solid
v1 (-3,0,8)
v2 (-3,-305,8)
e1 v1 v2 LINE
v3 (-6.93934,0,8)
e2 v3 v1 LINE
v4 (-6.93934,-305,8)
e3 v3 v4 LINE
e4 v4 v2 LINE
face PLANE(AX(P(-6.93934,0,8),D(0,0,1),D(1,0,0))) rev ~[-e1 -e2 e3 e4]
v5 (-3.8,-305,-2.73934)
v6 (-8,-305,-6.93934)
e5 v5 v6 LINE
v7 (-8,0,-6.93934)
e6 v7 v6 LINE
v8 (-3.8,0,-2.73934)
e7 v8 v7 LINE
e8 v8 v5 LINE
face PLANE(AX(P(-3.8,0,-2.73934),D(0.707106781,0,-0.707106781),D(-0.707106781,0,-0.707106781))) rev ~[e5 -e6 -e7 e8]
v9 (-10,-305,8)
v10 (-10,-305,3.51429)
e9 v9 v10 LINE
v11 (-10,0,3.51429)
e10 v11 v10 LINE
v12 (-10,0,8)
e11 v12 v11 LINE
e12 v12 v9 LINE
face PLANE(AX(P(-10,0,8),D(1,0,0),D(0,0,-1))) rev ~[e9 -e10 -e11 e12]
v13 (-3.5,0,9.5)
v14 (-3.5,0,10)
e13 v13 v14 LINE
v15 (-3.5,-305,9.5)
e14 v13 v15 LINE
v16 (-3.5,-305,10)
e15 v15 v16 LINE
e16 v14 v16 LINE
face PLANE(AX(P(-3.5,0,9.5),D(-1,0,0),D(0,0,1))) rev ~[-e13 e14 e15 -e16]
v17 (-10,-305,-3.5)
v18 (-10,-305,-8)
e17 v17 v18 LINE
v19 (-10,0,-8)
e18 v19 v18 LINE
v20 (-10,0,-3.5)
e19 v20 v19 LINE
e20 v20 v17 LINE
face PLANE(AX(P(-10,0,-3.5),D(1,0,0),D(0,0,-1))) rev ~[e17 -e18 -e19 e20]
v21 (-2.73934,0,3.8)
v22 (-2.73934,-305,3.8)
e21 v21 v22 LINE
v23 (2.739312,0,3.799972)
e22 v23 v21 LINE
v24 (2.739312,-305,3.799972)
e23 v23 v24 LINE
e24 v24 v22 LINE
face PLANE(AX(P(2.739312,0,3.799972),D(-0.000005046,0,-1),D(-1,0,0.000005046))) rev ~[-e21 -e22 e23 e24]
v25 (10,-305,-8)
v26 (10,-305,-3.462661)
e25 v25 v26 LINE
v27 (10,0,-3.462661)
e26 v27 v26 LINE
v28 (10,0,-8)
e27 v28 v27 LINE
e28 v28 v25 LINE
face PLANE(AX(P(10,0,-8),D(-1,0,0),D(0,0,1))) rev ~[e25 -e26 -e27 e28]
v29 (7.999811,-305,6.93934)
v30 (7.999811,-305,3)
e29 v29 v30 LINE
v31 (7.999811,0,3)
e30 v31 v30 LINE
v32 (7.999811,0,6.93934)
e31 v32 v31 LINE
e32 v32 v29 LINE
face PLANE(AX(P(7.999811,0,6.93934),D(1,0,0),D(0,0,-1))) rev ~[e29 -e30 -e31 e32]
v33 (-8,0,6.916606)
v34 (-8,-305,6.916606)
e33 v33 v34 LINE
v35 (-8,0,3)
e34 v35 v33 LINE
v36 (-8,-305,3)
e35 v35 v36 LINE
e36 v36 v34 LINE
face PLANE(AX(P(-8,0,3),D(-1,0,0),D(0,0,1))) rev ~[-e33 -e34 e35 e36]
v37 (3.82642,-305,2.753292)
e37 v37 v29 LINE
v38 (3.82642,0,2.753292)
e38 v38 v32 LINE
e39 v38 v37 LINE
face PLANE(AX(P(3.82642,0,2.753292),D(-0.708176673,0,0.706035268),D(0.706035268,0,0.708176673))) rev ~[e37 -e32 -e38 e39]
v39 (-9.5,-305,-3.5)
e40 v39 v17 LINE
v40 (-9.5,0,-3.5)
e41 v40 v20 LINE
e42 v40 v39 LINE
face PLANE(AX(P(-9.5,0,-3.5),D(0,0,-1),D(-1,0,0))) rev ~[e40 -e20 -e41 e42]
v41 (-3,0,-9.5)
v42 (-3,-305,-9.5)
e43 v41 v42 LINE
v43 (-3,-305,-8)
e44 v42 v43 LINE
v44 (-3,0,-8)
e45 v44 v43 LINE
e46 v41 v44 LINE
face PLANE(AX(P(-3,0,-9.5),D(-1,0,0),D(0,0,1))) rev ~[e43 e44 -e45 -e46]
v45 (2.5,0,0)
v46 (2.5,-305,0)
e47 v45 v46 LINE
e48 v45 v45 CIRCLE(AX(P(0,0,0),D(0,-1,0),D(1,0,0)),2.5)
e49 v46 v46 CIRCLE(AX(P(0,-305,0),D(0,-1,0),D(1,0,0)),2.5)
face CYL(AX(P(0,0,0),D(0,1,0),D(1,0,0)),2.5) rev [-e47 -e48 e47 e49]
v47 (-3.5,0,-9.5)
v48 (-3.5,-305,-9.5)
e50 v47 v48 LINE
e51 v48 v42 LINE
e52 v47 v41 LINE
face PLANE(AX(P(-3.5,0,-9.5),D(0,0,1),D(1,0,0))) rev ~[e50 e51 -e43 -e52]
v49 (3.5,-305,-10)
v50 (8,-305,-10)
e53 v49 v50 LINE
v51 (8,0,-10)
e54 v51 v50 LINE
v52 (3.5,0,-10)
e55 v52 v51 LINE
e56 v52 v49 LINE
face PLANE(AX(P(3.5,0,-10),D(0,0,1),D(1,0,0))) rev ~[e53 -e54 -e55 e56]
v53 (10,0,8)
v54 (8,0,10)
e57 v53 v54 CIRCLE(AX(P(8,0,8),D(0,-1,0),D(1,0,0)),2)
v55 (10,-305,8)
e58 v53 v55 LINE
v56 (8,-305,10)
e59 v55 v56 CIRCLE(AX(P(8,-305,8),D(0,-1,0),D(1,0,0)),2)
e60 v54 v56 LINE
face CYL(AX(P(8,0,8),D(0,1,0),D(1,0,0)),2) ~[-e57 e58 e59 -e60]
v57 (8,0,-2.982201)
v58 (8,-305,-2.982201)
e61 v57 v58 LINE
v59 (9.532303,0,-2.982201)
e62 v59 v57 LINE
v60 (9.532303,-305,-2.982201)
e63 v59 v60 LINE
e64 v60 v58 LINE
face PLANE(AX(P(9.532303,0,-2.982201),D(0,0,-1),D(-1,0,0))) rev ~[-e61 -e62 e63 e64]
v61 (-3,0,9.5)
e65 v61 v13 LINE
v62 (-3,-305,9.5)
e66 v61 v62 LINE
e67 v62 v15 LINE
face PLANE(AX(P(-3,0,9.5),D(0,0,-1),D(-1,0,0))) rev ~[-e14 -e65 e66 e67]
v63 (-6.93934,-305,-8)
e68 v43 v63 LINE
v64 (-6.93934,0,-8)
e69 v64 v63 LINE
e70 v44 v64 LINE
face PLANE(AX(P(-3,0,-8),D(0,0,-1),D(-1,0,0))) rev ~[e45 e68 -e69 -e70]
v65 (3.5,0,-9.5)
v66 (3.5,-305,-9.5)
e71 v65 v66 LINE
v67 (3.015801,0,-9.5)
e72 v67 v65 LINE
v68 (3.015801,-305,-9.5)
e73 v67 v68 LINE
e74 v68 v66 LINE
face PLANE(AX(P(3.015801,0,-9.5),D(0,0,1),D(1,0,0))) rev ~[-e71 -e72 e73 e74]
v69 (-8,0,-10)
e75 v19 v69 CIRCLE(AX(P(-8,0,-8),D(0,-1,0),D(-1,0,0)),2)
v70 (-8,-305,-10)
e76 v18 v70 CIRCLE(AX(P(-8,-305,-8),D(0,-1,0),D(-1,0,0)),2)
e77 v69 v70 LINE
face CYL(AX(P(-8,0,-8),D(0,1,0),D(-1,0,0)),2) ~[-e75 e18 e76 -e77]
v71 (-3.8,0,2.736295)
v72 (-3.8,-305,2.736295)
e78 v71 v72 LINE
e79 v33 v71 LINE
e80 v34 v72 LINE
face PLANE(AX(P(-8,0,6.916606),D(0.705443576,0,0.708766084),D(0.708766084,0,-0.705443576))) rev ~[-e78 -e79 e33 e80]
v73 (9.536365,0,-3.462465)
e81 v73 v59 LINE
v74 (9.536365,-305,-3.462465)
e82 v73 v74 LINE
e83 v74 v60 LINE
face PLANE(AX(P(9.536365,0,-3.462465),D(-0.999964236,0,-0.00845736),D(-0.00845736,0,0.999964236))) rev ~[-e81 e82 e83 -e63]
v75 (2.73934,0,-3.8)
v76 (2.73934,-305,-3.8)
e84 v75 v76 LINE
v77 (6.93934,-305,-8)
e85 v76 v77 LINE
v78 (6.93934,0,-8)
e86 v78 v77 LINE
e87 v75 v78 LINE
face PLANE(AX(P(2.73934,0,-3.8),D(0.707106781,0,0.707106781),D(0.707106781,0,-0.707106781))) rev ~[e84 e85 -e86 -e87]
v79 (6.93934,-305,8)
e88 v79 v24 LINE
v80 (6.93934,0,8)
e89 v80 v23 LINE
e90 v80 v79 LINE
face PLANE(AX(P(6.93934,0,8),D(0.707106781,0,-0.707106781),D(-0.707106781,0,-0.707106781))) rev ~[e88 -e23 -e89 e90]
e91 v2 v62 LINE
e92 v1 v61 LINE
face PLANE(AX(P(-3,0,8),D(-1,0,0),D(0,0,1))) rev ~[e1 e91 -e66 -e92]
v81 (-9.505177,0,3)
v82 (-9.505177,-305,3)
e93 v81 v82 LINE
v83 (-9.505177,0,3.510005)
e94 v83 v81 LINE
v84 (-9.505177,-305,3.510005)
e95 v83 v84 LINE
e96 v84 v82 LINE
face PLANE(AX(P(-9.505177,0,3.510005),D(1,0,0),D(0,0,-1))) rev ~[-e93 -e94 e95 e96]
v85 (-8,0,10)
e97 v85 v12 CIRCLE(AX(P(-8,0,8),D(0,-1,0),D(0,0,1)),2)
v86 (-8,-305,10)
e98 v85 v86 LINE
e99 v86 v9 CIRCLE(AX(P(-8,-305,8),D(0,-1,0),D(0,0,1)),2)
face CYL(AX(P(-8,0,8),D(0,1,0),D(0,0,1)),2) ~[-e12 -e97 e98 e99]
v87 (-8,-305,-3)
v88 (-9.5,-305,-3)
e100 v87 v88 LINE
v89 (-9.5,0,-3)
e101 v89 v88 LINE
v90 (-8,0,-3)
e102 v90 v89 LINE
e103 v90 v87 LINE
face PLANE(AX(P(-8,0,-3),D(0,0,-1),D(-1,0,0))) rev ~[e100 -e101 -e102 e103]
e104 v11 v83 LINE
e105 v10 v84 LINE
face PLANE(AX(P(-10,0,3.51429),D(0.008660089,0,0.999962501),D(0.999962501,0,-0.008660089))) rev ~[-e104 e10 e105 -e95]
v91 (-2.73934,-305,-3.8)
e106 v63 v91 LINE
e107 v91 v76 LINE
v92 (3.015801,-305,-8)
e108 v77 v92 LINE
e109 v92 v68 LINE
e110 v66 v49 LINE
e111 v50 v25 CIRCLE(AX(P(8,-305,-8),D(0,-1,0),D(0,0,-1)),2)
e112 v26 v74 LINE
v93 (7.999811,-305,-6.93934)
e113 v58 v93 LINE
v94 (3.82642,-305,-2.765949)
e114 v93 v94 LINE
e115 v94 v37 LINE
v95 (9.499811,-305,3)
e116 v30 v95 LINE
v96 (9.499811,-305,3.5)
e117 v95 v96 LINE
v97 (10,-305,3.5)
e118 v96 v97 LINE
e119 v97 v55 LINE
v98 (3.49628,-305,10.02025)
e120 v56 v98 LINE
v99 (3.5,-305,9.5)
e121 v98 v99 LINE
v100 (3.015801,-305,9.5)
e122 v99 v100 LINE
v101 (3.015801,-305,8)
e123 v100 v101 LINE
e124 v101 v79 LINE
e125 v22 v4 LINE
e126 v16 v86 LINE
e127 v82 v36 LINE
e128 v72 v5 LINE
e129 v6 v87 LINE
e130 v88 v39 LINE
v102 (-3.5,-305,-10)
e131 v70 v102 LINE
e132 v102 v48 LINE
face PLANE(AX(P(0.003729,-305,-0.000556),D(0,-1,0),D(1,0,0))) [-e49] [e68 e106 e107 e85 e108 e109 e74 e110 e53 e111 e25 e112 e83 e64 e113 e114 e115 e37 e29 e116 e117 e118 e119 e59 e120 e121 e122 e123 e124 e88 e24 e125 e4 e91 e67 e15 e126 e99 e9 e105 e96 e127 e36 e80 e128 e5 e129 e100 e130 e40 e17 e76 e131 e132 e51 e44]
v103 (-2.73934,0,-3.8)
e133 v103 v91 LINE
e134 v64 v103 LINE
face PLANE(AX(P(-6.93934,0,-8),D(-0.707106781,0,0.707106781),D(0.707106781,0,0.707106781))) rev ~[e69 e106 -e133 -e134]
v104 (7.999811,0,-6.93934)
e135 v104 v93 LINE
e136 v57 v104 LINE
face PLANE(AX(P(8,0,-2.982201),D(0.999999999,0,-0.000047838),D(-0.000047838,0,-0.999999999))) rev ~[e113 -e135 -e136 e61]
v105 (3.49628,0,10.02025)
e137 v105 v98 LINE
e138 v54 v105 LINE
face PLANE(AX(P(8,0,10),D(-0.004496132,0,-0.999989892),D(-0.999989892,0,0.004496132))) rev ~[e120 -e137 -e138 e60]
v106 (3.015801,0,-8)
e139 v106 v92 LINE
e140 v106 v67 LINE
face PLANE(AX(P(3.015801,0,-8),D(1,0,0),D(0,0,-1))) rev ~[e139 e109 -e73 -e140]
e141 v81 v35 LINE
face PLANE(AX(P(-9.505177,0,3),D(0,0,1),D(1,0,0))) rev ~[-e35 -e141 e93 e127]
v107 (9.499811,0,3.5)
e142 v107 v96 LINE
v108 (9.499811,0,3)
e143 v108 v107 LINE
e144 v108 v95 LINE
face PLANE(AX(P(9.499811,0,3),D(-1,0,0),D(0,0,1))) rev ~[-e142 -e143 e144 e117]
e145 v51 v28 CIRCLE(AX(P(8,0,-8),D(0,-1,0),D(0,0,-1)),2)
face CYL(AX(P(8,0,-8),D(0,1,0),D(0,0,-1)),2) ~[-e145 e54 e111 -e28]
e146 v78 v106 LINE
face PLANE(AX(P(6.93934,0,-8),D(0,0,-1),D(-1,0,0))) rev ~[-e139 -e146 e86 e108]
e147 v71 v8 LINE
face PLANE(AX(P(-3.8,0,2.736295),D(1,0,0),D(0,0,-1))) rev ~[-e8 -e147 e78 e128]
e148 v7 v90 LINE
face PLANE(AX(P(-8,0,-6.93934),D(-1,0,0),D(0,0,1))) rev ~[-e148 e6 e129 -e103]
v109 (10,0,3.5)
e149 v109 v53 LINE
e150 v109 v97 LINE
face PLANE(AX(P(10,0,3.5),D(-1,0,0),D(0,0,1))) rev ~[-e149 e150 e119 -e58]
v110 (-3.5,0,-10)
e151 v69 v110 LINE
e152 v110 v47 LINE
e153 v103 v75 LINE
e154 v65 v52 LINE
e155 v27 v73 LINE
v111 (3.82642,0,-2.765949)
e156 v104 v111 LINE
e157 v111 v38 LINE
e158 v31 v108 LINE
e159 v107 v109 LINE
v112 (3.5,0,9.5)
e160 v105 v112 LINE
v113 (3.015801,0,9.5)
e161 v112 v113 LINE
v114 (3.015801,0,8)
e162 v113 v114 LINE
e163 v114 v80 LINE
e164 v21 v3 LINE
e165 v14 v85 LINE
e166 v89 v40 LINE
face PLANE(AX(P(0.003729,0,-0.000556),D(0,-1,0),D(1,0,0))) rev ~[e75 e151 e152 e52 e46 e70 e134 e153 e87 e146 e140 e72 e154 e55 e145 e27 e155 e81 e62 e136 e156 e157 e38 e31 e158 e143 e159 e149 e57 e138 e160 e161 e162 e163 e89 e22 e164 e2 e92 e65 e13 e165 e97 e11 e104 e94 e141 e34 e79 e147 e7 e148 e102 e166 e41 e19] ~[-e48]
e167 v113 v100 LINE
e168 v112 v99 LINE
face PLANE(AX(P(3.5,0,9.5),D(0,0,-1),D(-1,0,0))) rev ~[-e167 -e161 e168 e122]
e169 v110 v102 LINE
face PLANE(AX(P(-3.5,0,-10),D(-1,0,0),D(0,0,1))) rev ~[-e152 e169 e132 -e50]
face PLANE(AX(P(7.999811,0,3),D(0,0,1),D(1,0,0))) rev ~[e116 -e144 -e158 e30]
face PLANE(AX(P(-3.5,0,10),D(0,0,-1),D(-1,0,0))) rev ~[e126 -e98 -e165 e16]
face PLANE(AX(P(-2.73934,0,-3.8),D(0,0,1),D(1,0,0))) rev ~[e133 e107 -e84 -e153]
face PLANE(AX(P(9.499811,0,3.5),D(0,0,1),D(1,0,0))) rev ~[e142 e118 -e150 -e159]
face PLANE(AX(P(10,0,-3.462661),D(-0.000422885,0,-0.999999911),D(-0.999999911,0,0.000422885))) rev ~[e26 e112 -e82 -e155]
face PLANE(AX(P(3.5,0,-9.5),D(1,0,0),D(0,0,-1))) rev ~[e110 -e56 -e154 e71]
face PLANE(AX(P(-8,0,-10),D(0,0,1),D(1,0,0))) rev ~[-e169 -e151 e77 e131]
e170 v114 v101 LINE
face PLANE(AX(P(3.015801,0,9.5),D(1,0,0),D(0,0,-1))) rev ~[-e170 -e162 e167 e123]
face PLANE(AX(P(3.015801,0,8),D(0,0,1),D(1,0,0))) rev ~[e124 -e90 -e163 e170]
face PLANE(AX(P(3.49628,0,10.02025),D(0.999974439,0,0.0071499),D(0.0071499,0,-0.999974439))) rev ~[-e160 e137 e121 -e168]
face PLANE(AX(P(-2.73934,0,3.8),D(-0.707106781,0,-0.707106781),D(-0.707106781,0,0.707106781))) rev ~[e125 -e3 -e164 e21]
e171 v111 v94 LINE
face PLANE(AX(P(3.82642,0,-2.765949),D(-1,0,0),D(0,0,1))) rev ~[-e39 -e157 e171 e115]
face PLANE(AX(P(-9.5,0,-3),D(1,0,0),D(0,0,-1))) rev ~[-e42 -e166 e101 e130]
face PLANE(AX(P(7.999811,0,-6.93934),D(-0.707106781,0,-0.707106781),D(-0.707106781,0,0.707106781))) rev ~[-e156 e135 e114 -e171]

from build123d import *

# Parameters (mm, degrees)
F0_R     = 2.5
F2_DEPTH = 305


with BuildPart() as f2:
    # F0 (on Front) → F2 (new body)
    with BuildSketch(Plane.XZ):
        with BuildLine():
            Line((-3.5, 10), (-8, 10))
            ThreePointArc((-8, 10), (-9.4142135624, 9.4142135624), (-10, 8))
            Line((-10, 8), (-10, 3.5142899808))
            Line((-10, 3.5142899808), (-9.5051769167, 3.510004608))
            Line((-9.5051769167, 3.510004608), (-9.5051769167, 3))
            Line((-9.5051769167, 3), (-8, 3))
            Line((-8, 3), (-8, 6.9166062183))
            Line((-8, 6.9166062183), (-3.8, 2.7362947083))
            Line((-3.8, 2.7362947083), (-3.8, -2.7393398282))
            Line((-3.8, -2.7393398282), (-8, -6.9393398282))
            Line((-8, -6.9393398282), (-8, -3))
            Line((-8, -3), (-9.5, -3))
            Line((-9.5, -3), (-9.5, -3.5))
            Line((-9.5, -3.5), (-10, -3.5))
            Line((-10, -3.5), (-10, -8))
            ThreePointArc((-10, -8), (-9.4142135624, -9.4142135624), (-8, -10))
            Line((-8, -10), (-3.5, -10))
            Line((-3.5, -10), (-3.5, -9.5))
            Line((-3.5, -9.5), (-3, -9.5))
            Line((-3, -9.5), (-3, -8))
            Line((-3, -8), (-6.9393398282, -8))
            Line((-6.9393398282, -8), (-2.7393398282, -3.8))
            Line((-2.7393398282, -3.8), (2.7393398282, -3.8))
            Line((2.7393398282, -3.8), (6.9393398282, -8))
            Line((6.9393398282, -8), (3.015800612, -8))
            Line((3.015800612, -8), (3.015800612, -9.5))
            Line((3.015800612, -9.5), (3.5, -9.5))
            Line((3.5, -9.5), (3.5, -10))
            Line((3.5, -10), (8, -10))
            ThreePointArc((8, -10), (9.4142135624, -9.4142135624), (10, -8))
            Line((10, -8), (10, -3.4626608249))
            Line((10, -3.4626608249), (9.5363645284, -3.4624647606))
            Line((9.5363645284, -3.4624647606), (9.532302618, -2.9822008219))
            Line((9.532302618, -2.9822008219), (8, -2.9822008219))
            Line((8, -2.9822008219), (7.9998106987, -6.9393398192))
            Line((7.9998106987, -6.9393398192), (3.8264202785, -2.765949399))
            Line((3.8264202785, -2.765949399), (3.8264202785, 2.753291521))
            Line((3.8264202785, 2.753291521), (7.9998106987, 6.9393398373))
            Line((7.9998106987, 6.9393398373), (7.9998106987, 3.0000000091))
            Line((7.9998106987, 3.0000000091), (9.4998106987, 3.0000000091))
            Line((9.4998106987, 3.0000000091), (9.4998106987, 3.5000000091))
            Line((9.4998106987, 3.5000000091), (10, 3.5000000091))
            Line((10, 3.5000000091), (10, 8))
            ThreePointArc((10, 8), (9.4142135624, 9.4142135624), (8, 10))
            Line((8, 10), (3.4962801728, 10.0202495232))
            Line((3.4962801728, 10.0202495232), (3.5, 9.5))
            Line((3.5, 9.5), (3.015800612, 9.5))
            Line((3.015800612, 9.5), (3.015800612, 8))
            Line((3.015800612, 8), (6.9393398282, 8))
            Line((6.9393398282, 8), (2.7393121854, 3.7999723572))
            Line((2.7393121854, 3.7999723572), (-2.7393398282, 3.8))
            Line((-2.7393398282, 3.8), (-6.9393398282, 8))
            Line((-6.9393398282, 8), (-3, 8))
            Line((-3, 8), (-3, 9.5))
            Line((-3, 9.5), (-3.5, 9.5))
            Line((-3.5, 9.5), (-3.5, 10))
        make_face()
        Circle(F0_R, mode=Mode.SUBTRACT)
    extrude(amount=F2_DEPTH)


solid = f2.part
